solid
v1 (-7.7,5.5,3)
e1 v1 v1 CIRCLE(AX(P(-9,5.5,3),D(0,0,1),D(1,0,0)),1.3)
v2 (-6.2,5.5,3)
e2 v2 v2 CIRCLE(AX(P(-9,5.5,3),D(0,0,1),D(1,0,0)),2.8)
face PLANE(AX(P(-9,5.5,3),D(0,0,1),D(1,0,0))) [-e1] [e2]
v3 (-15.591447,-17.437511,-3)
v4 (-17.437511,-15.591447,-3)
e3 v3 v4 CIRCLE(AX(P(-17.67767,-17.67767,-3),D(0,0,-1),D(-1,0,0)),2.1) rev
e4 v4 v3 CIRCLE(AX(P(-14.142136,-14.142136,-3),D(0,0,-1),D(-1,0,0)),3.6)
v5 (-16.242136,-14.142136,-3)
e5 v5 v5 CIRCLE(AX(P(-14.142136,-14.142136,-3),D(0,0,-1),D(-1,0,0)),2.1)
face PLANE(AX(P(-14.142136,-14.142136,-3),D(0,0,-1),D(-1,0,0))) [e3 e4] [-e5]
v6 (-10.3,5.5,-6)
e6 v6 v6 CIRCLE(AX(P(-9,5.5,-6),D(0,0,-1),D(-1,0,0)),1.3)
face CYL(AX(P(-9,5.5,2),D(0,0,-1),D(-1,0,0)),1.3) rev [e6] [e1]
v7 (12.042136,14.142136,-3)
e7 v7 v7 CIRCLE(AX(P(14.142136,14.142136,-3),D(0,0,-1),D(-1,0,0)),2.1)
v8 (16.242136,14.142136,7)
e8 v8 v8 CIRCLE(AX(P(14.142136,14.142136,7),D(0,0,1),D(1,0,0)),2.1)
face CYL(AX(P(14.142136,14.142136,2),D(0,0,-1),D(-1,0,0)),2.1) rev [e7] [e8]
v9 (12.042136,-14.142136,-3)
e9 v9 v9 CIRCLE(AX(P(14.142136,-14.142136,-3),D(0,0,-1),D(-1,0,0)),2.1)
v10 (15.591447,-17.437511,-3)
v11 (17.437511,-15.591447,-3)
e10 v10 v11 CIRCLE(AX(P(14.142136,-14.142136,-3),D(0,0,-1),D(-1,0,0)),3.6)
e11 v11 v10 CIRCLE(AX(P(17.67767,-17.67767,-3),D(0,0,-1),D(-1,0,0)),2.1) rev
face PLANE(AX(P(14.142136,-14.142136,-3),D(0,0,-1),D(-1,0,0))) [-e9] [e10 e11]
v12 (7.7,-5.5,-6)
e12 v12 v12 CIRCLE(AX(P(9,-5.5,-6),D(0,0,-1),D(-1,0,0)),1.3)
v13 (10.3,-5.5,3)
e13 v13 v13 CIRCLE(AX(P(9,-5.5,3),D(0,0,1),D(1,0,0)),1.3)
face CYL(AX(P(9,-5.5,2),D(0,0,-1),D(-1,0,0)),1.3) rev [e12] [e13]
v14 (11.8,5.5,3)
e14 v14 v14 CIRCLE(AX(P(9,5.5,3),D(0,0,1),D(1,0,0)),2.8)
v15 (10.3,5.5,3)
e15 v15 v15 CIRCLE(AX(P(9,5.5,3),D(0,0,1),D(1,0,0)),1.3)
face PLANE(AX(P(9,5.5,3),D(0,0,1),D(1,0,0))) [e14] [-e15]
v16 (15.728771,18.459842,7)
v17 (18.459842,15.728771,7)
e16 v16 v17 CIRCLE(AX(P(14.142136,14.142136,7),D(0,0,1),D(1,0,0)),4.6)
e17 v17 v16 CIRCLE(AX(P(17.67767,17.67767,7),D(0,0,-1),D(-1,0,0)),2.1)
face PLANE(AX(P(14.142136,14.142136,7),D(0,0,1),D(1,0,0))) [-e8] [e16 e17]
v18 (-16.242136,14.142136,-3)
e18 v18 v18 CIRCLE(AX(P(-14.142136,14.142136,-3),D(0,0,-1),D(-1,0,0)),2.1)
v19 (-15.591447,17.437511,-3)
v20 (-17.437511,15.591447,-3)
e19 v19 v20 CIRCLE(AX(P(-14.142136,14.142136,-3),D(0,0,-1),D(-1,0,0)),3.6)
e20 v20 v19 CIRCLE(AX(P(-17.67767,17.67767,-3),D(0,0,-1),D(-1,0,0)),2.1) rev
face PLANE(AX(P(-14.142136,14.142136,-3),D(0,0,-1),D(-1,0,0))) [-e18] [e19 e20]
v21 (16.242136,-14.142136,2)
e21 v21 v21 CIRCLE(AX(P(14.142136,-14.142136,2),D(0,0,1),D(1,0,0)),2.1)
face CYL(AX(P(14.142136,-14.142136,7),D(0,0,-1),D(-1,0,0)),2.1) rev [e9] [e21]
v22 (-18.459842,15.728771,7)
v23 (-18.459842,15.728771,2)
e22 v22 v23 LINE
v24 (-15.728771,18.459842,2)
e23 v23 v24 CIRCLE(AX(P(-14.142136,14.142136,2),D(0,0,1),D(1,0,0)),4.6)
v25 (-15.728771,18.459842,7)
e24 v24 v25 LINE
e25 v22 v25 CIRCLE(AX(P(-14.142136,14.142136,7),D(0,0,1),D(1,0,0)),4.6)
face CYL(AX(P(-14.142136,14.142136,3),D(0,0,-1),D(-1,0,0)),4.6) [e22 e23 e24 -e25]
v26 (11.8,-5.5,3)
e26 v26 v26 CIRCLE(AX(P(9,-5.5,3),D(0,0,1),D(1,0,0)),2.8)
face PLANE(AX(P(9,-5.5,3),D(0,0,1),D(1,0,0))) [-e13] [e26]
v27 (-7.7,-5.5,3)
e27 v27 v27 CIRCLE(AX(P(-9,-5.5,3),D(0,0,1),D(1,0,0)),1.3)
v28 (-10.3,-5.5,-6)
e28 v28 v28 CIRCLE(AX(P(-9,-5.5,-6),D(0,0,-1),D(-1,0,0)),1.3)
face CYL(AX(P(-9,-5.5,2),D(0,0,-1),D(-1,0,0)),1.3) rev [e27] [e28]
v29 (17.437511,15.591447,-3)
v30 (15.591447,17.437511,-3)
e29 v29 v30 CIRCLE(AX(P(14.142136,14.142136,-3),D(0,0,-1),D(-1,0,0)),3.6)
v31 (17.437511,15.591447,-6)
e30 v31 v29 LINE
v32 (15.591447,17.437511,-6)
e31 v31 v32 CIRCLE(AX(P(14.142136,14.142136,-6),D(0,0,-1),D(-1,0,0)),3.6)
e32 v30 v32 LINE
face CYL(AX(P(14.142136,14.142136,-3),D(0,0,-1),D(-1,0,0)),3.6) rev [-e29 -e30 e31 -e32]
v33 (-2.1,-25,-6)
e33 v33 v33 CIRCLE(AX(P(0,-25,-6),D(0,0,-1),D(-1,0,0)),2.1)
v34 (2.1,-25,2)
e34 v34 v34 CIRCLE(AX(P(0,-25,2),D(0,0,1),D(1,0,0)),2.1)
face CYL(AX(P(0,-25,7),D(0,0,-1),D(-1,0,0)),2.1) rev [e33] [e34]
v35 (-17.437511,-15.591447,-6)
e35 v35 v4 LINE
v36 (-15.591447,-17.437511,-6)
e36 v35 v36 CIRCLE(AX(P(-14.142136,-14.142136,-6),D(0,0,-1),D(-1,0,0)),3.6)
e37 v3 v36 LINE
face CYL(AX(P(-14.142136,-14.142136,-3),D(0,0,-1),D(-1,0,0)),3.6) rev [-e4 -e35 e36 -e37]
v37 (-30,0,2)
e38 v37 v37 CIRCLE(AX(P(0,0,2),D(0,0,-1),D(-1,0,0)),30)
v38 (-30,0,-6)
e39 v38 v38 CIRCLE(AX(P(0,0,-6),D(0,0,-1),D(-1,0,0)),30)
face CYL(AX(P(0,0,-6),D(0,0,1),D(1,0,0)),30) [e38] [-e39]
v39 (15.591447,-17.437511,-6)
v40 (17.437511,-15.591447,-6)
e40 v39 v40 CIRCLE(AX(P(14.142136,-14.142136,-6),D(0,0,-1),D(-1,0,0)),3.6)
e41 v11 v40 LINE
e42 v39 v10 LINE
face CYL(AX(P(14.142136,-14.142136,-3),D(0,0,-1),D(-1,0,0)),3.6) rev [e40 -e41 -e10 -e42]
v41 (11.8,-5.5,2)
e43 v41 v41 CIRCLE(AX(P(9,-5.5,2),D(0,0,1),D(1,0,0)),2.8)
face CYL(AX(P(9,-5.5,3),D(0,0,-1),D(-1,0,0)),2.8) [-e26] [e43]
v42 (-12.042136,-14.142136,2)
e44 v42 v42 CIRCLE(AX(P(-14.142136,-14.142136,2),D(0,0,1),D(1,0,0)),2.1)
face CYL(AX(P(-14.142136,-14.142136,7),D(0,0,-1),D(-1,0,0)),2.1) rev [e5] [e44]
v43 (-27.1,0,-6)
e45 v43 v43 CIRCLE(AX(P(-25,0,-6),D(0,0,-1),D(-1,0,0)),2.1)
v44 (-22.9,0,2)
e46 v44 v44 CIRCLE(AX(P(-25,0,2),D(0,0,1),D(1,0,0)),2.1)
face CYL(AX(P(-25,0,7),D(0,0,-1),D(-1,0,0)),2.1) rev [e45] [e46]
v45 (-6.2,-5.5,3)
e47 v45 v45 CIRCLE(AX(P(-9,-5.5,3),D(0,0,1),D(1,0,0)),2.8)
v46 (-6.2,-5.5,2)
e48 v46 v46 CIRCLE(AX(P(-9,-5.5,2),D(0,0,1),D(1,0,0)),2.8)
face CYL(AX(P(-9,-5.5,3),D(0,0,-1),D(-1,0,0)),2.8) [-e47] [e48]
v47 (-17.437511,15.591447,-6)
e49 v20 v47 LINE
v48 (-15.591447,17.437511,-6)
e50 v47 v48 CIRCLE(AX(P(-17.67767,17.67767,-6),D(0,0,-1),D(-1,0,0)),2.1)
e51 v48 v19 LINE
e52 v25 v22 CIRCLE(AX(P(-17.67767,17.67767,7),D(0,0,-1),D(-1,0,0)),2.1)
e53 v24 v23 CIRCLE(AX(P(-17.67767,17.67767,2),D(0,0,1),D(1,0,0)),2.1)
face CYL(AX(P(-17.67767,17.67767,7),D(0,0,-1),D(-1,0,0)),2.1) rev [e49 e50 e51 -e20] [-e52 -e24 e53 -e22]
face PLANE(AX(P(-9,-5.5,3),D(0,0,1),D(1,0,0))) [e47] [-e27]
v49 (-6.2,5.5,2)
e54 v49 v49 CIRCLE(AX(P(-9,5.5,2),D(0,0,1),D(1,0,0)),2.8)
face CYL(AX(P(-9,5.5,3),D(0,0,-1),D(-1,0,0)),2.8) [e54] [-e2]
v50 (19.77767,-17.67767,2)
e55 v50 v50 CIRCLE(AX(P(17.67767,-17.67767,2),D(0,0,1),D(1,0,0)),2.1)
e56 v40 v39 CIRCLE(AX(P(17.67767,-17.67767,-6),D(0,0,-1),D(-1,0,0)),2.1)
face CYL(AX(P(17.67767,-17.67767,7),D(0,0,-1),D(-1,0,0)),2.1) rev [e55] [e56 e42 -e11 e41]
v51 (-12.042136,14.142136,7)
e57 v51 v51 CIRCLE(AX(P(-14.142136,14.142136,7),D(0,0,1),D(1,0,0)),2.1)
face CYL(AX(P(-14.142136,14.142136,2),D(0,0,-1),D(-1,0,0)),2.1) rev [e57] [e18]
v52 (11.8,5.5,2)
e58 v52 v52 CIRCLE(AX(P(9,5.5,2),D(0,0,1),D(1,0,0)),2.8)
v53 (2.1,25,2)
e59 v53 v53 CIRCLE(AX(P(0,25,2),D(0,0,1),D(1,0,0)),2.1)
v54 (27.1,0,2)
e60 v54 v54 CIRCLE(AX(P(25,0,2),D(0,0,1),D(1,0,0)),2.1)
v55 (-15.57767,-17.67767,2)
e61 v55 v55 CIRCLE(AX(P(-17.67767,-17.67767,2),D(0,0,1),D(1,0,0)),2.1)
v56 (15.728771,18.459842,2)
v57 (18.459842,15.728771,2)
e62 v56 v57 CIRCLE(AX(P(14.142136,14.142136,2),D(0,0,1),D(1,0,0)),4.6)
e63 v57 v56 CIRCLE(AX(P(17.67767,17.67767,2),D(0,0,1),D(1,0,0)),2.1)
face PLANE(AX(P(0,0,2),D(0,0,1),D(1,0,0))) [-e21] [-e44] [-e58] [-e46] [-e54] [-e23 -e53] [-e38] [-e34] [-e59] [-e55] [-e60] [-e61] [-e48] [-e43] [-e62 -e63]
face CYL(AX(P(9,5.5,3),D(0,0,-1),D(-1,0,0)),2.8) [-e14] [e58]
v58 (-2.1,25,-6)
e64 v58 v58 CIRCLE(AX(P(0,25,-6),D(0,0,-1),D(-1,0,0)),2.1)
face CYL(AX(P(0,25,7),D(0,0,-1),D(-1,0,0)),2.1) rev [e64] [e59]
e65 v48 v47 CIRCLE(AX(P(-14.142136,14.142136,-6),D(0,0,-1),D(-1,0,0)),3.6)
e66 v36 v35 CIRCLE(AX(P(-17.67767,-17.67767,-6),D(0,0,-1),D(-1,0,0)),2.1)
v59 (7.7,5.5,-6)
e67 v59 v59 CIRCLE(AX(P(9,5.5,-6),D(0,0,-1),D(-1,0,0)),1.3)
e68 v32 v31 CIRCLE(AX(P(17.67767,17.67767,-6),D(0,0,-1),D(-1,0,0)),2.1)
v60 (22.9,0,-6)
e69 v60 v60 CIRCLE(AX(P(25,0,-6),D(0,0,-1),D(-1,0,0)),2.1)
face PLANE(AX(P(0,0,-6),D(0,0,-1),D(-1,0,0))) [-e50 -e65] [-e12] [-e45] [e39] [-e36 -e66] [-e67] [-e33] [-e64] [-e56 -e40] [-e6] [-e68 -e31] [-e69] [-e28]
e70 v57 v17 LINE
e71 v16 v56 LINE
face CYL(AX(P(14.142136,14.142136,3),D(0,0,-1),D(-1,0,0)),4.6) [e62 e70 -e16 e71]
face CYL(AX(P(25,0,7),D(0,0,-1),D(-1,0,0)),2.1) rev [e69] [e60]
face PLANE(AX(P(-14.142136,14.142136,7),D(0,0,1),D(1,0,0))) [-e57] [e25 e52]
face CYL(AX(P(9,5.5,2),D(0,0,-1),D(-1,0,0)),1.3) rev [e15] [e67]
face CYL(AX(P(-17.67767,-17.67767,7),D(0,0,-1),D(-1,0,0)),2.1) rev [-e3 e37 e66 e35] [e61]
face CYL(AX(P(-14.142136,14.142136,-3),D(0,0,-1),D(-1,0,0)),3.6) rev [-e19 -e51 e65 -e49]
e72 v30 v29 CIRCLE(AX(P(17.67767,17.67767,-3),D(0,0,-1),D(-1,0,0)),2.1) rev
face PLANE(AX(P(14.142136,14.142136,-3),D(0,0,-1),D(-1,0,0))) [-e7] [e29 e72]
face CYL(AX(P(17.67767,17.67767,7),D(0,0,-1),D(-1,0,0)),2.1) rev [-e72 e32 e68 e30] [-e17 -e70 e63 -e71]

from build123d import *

# Parameters (mm, degrees)
ESQUISSE1_R             = 25
ESQUISSE1_R_2           = 2.1
ESQUISSE1_R_3           = 1.3
BOSS_EXTRU_1_DEPTH      = 2
ESQUISSE2_W             = 22
ESQUISSE2_H             = 10
ENL_V_MAT_EXTRU_1_DEPTH = 2
ESQUISSE3_R             = 2.8
ESQUISSE3_R_2           = 1.3
ESQUISSE3_R_3           = 4.6
ESQUISSE3_R_4           = 2.1
ESQUISSE3_R_5           = 3.6
BOSS_EXTRU_2_DEPTH      = 1
ESQUISSE4_OUTSIDE_W     = 66.154
ESQUISSE4_OUTSIDE_H     = 66.154
ENL_V_MAT_EXTRU_2_DEPTH = 4
CONG_1_R                = 2
ESQUISSE5_R             = 4.6
ESQUISSE5_R_2           = 2.1
BOSS_EXTRU_3_DEPTH      = 4
ESQUISSE6_R             = 30
ESQUISSE6_R_2           = 2.1
ESQUISSE6_R_3           = 1.3
BOSS_EXTRU_4_DEPTH      = 6
BOSS_EXTRU_4_DEPTH_BACK = 2
ESQUISSE7_R             = 2.1
ENL_V_MAT_EXTRU_3_DEPTH = 14
ESQUISSE8_R             = 3.6
ESQUISSE8_R_2           = 2.1
ENL_V_MAT_EXTRU_4_DEPTH = 3


with BuildPart() as part:
    # Esquisse1 → Boss.-Extru.1 (new body)
    with BuildSketch(Plane.XY):
        Circle(ESQUISSE1_R)
        with Locations((-14.142135624, 14.142135624)):
            Circle(ESQUISSE1_R_2, mode=Mode.SUBTRACT)
        with Locations((14.142135624, 14.142135624)):
            Circle(ESQUISSE1_R_2, mode=Mode.SUBTRACT)
        with Locations((-9, 5.5)):
            Circle(ESQUISSE1_R_3, mode=Mode.SUBTRACT)
        with Locations((-9, -5.5)):
            Circle(ESQUISSE1_R_3, mode=Mode.SUBTRACT)
        with Locations((9, 5.5)):
            Circle(ESQUISSE1_R_3, mode=Mode.SUBTRACT)
        with Locations((9, -5.5)):
            Circle(ESQUISSE1_R_3, mode=Mode.SUBTRACT)
    extrude(amount=BOSS_EXTRU_1_DEPTH)

    # Esquisse2 → Enlèv. mat.-Extru.1 (cut)
    with BuildSketch(Plane.XY.offset(2)):
        with Locations((0, -14)):
            Rectangle(ESQUISSE2_W, ESQUISSE2_H)
    extrude(amount=-ENL_V_MAT_EXTRU_1_DEPTH, mode=Mode.SUBTRACT)

    # Esquisse3 → Boss.-Extru.2 (add)
    with BuildSketch(Plane.XY.offset(2)):
        with Locations((-9, -5.5)):
            Circle(ESQUISSE3_R)
        with Locations((-9, -5.5)):
            Circle(ESQUISSE3_R_2, mode=Mode.SUBTRACT)
        with Locations((9, -5.5)):
            Circle(ESQUISSE3_R)
        with Locations((9, -5.5)):
            Circle(ESQUISSE3_R_2, mode=Mode.SUBTRACT)
        with Locations((9, 5.5)):
            Circle(ESQUISSE3_R)
        with Locations((9, 5.5)):
            Circle(ESQUISSE3_R_2, mode=Mode.SUBTRACT)
        with Locations((-9, 5.5)):
            Circle(ESQUISSE3_R)
        with Locations((-9, 5.5)):
            Circle(ESQUISSE3_R_2, mode=Mode.SUBTRACT)
        with Locations((-14.142135624, 14.142135624)):
            Circle(ESQUISSE3_R_3)
        with Locations((-14.142135624, 14.142135624)):
            Circle(ESQUISSE3_R_4, mode=Mode.SUBTRACT)
        with Locations((14.142135624, -14.142135624)):
            Circle(ESQUISSE3_R_5)
        with Locations((14.142135624, -14.142135624)):
            Circle(ESQUISSE3_R_4, mode=Mode.SUBTRACT)
        with Locations((-14.142135624, -14.142135624)):
            Circle(ESQUISSE3_R_5)
        with Locations((-14.142135624, -14.142135624)):
            Circle(ESQUISSE3_R_4, mode=Mode.SUBTRACT)
        with Locations((14.142135624, 14.142135624)):
            Circle(ESQUISSE3_R_3)
        with Locations((14.142135624, 14.142135624)):
            Circle(ESQUISSE3_R_4, mode=Mode.SUBTRACT)
    extrude(amount=BOSS_EXTRU_2_DEPTH)

    # Esquisse4 outside → Enlèv. mat.-Extru.2 (cut, through all)
    with BuildSketch(Plane(origin=(0, 0, 0), x_dir=(-1, 0, 0), z_dir=(0, 0, -1))):
        Rectangle(ESQUISSE4_OUTSIDE_W, ESQUISSE4_OUTSIDE_H)
        with BuildLine():
            Line((-14.142135624, 18.742135624), (14.142135624, 18.742135624))
            ThreePointArc((14.142135624, 18.742135624), (17.394826817, 17.394826817), (18.742135624, 14.142135624))
            Line((18.742135624, 14.142135624), (18.742135624, -9))
            Line((18.742135624, -9), (-18.742135624, -9))
            Line((-18.742135624, -9), (-18.742135624, 14.142135624))
            ThreePointArc((-18.742135624, 14.142135624), (-17.394826817, 17.394826817), (-14.142135624, 18.742135624))
        make_face(mode=Mode.SUBTRACT)
    extrude(amount=-ENL_V_MAT_EXTRU_2_DEPTH, mode=Mode.SUBTRACT)

    # Congé1
    cong_1_edges = [part.edges().sort_by_distance(p)[0] for p in [
        (-18.742135624, -9, 1),
        (18.742135624, -9, 1),
    ]]
    fillet(cong_1_edges, radius=CONG_1_R)

    # Esquisse5 → Boss.-Extru.3 (add)
    with BuildSketch(Plane.XY.offset(3)):
        with Locations((14.142135624, 14.142135624)):
            Circle(ESQUISSE5_R)
        with Locations((14.142135624, 14.142135624)):
            Circle(ESQUISSE5_R_2, mode=Mode.SUBTRACT)
        with Locations((-14.142135624, 14.142135624)):
            Circle(ESQUISSE5_R)
        with Locations((-14.142135624, 14.142135624)):
            Circle(ESQUISSE5_R_2, mode=Mode.SUBTRACT)
    extrude(amount=BOSS_EXTRU_3_DEPTH)

    # Esquisse6 → Boss.-Extru.4 (add, two sides)
    with BuildSketch(Plane(origin=(0, 0, 0), x_dir=(-1, 0, 0), z_dir=(0, 0, -1))) as boss_extru_4_sk:
        Circle(ESQUISSE6_R)
        with Locations((14.142135624, 14.142135624)):
            Circle(ESQUISSE6_R_2, mode=Mode.SUBTRACT)
        with Locations((9, 5.5)):
            Circle(ESQUISSE6_R_3, mode=Mode.SUBTRACT)
        with Locations((9, -5.5)):
            Circle(ESQUISSE6_R_3, mode=Mode.SUBTRACT)
        with Locations((-9, -5.5)):
            Circle(ESQUISSE6_R_3, mode=Mode.SUBTRACT)
        with Locations((-9, 5.5)):
            Circle(ESQUISSE6_R_3, mode=Mode.SUBTRACT)
        with Locations((-14.142135624, 14.142135624)):
            Circle(ESQUISSE6_R_2, mode=Mode.SUBTRACT)
    extrude(amount=BOSS_EXTRU_4_DEPTH)
    extrude(boss_extru_4_sk.sketch, amount=-BOSS_EXTRU_4_DEPTH_BACK)

    # Esquisse7 → Enlèv. mat.-Extru.3 (cut, through all)
    with BuildSketch(Plane(origin=(0, 0, -6), x_dir=(-1, 0, 0), z_dir=(0, 0, -1))):
        with Locations((-14.142135624, -14.142135624)):
            Circle(ESQUISSE7_R)
        with Locations((14.142135624, -14.142135624)):
            Circle(ESQUISSE7_R)
        with Locations((0, 25)):
            Circle(ESQUISSE7_R)
        with Locations((17.67766953, 17.67766953)):
            Circle(ESQUISSE7_R)
        with Locations((25, 0)):
            Circle(ESQUISSE7_R)
        with Locations((17.67766953, -17.67766953)):
            Circle(ESQUISSE7_R)
        with Locations((0, -25)):
            Circle(ESQUISSE7_R)
        with Locations((-17.67766953, -17.67766953)):
            Circle(ESQUISSE7_R)
        with Locations((-25, 0)):
            Circle(ESQUISSE7_R)
        with Locations((-17.67766953, 17.67766953)):
            Circle(ESQUISSE7_R)
    extrude(amount=-ENL_V_MAT_EXTRU_3_DEPTH, mode=Mode.SUBTRACT)

    # Esquisse8 → Enlèv. mat.-Extru.4 (cut)
    with BuildSketch(Plane(origin=(0, 0, -6), x_dir=(-1, 0, 0), z_dir=(0, 0, -1))):
        with Locations((-14.142135624, -14.142135624)):
            Circle(ESQUISSE8_R)
        with Locations((-14.142135624, -14.142135624)):
            Circle(ESQUISSE8_R_2, mode=Mode.SUBTRACT)
        with Locations((14.142135624, -14.142135624)):
            Circle(ESQUISSE8_R)
        with Locations((14.142135624, -14.142135624)):
            Circle(ESQUISSE8_R_2, mode=Mode.SUBTRACT)
        with Locations((14.142135624, 14.142135624)):
            Circle(ESQUISSE8_R)
        with Locations((14.142135624, 14.142135624)):
            Circle(ESQUISSE8_R_2, mode=Mode.SUBTRACT)
        with Locations((-14.142135624, 14.142135624)):
            Circle(ESQUISSE8_R)
        with Locations((-14.142135624, 14.142135624)):
            Circle(ESQUISSE8_R_2, mode=Mode.SUBTRACT)
    extrude(amount=-ENL_V_MAT_EXTRU_4_DEPTH, mode=Mode.SUBTRACT)


solid = part.part
